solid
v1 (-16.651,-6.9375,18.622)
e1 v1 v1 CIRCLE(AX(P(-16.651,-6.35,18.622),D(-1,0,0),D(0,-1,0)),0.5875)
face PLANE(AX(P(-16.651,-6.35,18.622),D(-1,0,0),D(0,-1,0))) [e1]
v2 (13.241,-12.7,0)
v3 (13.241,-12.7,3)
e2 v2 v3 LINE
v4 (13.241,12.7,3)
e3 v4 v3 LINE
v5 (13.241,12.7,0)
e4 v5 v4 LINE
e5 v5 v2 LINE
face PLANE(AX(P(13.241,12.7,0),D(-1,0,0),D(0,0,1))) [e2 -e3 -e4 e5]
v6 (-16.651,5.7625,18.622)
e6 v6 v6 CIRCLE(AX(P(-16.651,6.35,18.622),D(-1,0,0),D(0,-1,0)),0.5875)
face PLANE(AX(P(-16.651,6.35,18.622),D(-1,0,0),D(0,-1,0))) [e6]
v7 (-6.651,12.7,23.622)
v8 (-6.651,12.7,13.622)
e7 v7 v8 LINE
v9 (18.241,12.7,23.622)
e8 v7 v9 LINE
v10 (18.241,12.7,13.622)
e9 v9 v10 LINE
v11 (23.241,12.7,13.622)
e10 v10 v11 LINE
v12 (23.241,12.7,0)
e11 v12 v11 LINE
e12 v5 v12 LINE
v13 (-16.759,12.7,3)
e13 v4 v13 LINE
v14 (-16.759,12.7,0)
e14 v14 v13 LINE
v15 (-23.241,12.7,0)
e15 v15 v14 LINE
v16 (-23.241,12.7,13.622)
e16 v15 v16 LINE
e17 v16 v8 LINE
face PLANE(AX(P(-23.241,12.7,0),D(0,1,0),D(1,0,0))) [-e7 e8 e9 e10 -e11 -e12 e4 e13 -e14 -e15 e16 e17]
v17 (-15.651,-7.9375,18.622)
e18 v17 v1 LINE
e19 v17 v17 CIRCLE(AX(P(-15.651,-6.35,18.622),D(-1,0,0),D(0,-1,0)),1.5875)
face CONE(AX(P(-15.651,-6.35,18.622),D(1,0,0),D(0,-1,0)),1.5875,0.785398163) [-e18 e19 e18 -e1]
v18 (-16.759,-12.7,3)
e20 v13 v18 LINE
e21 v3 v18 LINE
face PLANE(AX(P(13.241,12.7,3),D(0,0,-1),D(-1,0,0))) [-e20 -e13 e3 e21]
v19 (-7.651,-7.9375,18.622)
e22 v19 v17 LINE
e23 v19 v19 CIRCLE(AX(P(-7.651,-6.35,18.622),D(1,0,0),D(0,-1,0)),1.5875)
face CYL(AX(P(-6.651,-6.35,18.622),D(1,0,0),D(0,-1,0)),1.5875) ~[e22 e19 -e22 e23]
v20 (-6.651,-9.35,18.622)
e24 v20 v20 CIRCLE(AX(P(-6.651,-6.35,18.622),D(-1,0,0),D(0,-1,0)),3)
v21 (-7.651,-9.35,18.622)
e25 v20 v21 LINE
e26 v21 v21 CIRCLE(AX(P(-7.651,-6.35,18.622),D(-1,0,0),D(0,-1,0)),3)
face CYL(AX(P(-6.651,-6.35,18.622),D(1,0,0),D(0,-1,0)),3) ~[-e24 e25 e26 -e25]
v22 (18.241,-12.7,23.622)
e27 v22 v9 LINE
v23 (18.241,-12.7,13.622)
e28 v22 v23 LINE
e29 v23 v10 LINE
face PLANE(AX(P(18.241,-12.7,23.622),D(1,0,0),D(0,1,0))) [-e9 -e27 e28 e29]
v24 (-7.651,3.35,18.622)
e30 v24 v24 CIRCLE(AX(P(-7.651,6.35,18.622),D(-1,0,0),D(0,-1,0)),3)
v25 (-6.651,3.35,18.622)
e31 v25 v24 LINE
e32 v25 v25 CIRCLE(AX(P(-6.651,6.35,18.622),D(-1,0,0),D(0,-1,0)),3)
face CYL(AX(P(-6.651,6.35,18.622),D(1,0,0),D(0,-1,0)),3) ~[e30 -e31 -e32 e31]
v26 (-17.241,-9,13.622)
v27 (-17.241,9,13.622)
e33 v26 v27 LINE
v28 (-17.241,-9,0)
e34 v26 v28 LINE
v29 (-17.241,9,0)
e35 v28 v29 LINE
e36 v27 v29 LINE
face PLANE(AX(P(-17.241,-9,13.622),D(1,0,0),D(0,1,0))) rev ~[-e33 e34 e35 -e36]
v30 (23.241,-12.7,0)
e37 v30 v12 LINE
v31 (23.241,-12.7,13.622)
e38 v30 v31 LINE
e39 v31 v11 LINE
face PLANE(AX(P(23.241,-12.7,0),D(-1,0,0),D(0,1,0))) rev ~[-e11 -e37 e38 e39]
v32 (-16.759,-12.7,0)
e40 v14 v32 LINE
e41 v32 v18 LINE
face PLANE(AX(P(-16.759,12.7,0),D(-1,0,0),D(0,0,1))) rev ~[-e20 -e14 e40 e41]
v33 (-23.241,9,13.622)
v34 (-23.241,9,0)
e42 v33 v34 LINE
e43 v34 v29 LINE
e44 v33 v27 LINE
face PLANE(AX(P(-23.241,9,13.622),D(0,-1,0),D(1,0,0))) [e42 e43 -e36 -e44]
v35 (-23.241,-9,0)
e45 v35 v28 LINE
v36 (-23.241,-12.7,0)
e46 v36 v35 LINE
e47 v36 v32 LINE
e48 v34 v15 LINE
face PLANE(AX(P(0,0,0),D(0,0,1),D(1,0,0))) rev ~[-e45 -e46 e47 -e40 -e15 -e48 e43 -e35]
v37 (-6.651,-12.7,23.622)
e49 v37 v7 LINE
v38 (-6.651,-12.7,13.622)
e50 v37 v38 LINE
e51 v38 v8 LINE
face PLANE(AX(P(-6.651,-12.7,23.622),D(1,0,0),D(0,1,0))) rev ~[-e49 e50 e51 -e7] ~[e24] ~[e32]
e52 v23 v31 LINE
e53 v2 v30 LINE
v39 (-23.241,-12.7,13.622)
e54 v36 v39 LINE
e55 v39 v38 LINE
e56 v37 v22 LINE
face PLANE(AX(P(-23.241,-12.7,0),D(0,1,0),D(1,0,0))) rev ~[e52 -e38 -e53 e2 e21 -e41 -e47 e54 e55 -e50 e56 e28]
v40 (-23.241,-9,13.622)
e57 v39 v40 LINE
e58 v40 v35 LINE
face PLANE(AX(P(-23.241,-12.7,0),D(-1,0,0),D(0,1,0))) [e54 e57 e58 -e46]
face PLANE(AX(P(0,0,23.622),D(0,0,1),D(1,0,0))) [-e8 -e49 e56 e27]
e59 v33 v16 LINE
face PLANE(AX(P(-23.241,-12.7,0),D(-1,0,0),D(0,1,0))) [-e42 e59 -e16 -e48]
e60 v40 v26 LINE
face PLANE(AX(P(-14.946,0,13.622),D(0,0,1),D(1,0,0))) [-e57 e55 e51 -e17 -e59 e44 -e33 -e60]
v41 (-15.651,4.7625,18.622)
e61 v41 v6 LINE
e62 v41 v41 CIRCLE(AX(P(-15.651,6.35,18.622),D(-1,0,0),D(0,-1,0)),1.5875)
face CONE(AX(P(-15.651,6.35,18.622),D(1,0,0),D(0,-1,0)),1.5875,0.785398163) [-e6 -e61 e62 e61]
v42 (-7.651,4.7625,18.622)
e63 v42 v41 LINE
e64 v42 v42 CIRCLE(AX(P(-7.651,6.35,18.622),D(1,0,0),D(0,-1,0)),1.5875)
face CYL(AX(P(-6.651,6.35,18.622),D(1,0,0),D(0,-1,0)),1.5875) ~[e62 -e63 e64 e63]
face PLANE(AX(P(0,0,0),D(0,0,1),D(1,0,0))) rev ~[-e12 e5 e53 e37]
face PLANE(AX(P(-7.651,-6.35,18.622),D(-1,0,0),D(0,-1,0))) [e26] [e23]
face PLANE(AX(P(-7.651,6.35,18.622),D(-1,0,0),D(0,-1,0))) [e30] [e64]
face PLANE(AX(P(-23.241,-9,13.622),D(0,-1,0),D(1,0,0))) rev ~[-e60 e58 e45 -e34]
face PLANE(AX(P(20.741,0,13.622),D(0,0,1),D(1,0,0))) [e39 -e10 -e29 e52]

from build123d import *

# Parameters (mm, degrees)
F0_W      = 46.482
F0_H      = 25.4
F1_DEPTH  = 23.622
F2_W      = 16.59
F2_H      = 25.4
F2_W_2    = 5
F3_DEPTH  = 10
F4_W      = 6
F4_H      = 18
F5_DEPTH  = 13.623
F6_W      = 30
F6_H      = 3
F7_DEPTH  = 25.401
F8_R      = 1.5875
F9_DEPTH  = 10
F10_R     = 3
F11_DEPTH = 1
F12_SIZE  = 1


with BuildPart() as f1:
    # F0 (on Top) → F1 (new body)
    with BuildSketch(Plane.XY):
        Rectangle(F0_W, F0_H)
    extrude(amount=F1_DEPTH)

    # F2 (on face) → F3 (cut)
    with BuildSketch(Plane.XY.offset(23.622)):
        with Locations((-14.946, 0)):
            Rectangle(F2_W, F2_H)
        with Locations((20.741, 0)):
            Rectangle(F2_W_2, F2_H)
    extrude(amount=-F3_DEPTH, mode=Mode.SUBTRACT)

    # F4 (on face) → F5 (cut, through all)
    with BuildSketch(Plane.XY.offset(13.622)):
        with Locations((-20.241, 0)):
            Rectangle(F4_W, F4_H)
    extrude(amount=-F5_DEPTH, mode=Mode.SUBTRACT)

    # F6 (on face) → F7 (cut, through all)
    with BuildSketch(Plane(origin=(0, 12.7, 0), x_dir=(-1, 0, 0), z_dir=(0, 1, 0))):
        with Locations((1.759, 1.5)):
            Rectangle(F6_W, F6_H)
    extrude(amount=-F7_DEPTH, mode=Mode.SUBTRACT)

    # F8 (on face) → F9 (join)
    with BuildSketch(Plane(origin=(-6.651, 0, 0), x_dir=(0, -1, 0), z_dir=(-1, 0, 0))):
        with Locations((-6.35, 18.622)):
            Circle(F8_R)
        with Locations((6.35, 18.622)):
            Circle(F8_R)
    extrude(amount=F9_DEPTH)

    # F10 (on face) → F11 (join)
    with BuildSketch(Plane(origin=(-6.651, 0, 0), x_dir=(0, -1, 0), z_dir=(-1, 0, 0))):
        with Locations((-6.35, 18.622)):
            Circle(F10_R)
        with Locations((6.35, 18.622)):
            Circle(F10_R)
    extrude(amount=F11_DEPTH)

    # F12
    f12_edges = [f1.edges().sort_by_distance(p)[0] for p in [
        (-16.651, 7.9375, 18.622),
        (-16.651, -4.7625, 18.622),
    ]]
    chamfer(f12_edges, length=F12_SIZE)


solid = f1.part
